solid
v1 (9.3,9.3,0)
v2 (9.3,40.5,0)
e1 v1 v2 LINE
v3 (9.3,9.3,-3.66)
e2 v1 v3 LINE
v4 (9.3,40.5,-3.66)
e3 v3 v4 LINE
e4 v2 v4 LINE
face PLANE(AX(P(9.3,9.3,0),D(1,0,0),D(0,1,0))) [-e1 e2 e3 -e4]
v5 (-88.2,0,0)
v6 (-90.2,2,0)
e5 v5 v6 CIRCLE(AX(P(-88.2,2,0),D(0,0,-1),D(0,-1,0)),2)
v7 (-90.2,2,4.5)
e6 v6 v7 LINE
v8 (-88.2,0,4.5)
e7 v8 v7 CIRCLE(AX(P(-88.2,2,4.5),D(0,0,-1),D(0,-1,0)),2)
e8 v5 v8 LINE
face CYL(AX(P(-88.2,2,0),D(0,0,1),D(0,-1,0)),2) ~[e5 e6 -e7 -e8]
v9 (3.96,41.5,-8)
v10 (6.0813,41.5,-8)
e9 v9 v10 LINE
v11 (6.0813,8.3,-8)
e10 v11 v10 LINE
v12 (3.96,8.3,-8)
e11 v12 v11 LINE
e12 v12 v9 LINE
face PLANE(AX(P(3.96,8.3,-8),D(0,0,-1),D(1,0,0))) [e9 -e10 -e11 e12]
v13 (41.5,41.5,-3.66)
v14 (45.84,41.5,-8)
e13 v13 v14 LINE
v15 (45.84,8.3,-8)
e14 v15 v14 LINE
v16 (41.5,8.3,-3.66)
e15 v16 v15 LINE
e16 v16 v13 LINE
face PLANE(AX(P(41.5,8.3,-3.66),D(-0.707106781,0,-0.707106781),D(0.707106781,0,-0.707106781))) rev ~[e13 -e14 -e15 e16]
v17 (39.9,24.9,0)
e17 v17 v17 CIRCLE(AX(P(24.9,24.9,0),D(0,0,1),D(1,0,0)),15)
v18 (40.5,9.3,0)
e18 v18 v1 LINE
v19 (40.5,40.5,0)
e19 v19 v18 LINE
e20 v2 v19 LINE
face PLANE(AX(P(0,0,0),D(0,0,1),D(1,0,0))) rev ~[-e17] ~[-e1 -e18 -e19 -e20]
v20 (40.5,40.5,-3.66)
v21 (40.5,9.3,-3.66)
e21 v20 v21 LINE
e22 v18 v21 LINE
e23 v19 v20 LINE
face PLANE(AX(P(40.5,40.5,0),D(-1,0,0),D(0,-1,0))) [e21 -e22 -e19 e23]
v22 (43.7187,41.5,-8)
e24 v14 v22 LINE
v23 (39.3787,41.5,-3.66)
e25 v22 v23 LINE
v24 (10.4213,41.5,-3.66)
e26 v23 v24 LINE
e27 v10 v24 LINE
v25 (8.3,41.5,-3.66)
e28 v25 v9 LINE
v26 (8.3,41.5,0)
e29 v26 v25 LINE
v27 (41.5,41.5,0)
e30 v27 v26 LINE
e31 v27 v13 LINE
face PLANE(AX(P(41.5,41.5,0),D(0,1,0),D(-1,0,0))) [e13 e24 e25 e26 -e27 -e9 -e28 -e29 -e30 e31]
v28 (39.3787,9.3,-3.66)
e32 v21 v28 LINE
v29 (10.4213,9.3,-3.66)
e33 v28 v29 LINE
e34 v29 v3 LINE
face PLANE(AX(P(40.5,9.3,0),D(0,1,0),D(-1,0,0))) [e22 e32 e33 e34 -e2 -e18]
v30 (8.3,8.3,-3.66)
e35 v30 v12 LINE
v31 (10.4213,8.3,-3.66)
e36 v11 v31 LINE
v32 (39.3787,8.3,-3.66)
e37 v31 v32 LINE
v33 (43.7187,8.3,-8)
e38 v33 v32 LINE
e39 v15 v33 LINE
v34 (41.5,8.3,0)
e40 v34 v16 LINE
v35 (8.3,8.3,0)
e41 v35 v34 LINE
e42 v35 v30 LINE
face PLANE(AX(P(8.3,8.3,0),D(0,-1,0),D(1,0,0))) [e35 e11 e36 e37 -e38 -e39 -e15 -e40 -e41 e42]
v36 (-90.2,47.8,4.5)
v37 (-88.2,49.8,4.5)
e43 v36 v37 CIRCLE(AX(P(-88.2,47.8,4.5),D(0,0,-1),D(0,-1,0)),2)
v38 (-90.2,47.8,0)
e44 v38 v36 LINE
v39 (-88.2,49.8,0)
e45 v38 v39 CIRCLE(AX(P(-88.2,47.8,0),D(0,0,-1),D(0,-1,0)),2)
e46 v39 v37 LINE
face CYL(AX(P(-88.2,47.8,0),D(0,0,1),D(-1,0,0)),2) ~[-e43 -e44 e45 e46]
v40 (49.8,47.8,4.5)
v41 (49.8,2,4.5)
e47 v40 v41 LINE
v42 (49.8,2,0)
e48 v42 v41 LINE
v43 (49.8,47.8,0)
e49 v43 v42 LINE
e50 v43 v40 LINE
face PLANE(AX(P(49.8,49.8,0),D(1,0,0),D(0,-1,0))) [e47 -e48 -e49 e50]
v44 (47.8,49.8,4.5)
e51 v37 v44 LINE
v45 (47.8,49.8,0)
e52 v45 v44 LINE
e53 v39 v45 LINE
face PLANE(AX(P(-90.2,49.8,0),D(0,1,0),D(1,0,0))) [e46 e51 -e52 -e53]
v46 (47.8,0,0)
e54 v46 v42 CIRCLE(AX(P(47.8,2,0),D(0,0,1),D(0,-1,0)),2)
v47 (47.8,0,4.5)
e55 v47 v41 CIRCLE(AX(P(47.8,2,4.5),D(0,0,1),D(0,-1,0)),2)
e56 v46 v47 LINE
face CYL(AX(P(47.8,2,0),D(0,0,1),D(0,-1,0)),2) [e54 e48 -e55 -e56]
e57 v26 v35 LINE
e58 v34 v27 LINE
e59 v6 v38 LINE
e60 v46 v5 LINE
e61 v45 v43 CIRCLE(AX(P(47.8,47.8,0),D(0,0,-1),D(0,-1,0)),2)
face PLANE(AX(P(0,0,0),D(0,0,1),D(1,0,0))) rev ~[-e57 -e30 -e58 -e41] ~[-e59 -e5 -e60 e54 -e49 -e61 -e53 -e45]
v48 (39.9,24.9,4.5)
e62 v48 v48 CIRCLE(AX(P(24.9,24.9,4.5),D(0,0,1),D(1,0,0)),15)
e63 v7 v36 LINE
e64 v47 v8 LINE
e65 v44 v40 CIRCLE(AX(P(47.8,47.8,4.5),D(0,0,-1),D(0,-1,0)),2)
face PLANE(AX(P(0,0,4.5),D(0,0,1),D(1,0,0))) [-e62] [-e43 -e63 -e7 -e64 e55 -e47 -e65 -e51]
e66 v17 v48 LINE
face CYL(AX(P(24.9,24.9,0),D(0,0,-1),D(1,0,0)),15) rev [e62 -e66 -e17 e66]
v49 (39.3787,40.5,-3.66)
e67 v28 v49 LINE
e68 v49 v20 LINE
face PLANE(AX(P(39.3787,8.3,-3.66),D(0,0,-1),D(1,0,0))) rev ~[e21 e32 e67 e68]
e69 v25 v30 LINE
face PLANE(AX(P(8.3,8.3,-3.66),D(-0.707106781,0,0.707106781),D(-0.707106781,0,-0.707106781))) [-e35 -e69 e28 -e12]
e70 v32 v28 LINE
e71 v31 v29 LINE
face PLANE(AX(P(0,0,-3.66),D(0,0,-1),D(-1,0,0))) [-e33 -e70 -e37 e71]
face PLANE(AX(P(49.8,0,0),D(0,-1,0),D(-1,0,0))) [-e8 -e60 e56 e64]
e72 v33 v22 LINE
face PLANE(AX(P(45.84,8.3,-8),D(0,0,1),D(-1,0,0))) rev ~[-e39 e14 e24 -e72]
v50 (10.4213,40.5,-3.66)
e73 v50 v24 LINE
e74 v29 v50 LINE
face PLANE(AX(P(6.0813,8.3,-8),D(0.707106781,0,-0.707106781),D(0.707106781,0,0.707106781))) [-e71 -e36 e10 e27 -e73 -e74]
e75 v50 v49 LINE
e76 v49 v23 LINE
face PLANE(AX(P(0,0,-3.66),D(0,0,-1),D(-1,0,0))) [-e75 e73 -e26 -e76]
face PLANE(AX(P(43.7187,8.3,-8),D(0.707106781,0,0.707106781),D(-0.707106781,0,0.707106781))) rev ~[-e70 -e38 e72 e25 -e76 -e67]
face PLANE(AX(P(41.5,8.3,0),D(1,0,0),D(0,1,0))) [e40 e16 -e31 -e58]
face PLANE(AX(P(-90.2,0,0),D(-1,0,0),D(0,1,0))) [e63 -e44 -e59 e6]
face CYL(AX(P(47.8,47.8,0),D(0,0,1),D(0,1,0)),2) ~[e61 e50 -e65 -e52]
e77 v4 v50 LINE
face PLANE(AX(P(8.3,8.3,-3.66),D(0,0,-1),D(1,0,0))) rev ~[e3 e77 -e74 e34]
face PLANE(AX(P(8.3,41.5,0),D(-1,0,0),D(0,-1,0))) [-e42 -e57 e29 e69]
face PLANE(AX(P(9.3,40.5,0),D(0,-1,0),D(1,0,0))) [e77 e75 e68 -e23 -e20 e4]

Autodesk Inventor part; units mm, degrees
ref_plane "YZ Plane" through (0, 0, 0) normal (1, 0, 0) x (0, 1, 0)
ref_plane "XZ Plane" through (0, 0, 0) normal (0, 1, 0) x (-1, 0, 0)
ref_plane "XY Plane" through (0, 0, 0) normal (0, 0, 1) x (1, 0, 0)
sketch "Sketch1" plane through (0, 0, 0) normal (0, 0, 1) x (1, 0, 0)
  circle A0 centre (44.9, 4.9) radius 1.45 construction
  circle A1 centre (4.9, 4.9) radius 1.45 construction
  line L0 (2, 2) -> (2, 41.8) construction
  line L1 (47.8, 2) -> (2, 2) construction
  line L2 (47.8, 41.8) -> (47.8, 2) construction
  line L3 (41.8, 41.8) -> (47.8, 41.8) construction
  line L4 (41.8, 8) -> (41.8, 41.8) construction
  line L5 (8, 8) -> (41.8, 8) construction
  line L6 (8, 8) -> (8, 41.8) construction
  line L7 (2, 41.8) -> (8, 41.8) construction
  circle A2 centre (44.9, 44.9) radius 1.4 construction
  circle A3 centre (4.9, 44.9) radius 1.4 construction
  line L8 (2, 47.8) -> (47.8, 47.8) construction
  line L9 (2, 41.8) -> (2, 47.8) construction
  line L10 (47.8, 41.8) -> (2, 41.8) construction
  line L11 (47.8, 41.8) -> (47.8, 47.8) construction
  circle A4 centre (25.6838, 25.4066) radius 13.6 construction
  line L12 (44.1319, 49.8) -> (5.6681, 49.8) construction
  arc A5 (49.8, 47.8) -> (47.8, 49.8) centre (47.8, 47.8) ccw construction
  line L13 (49.8, 41.8) -> (49.8, 47.8) construction
  arc A6 (2, 49.8) -> (0, 47.8) centre (2, 47.8) ccw construction
  arc A7 (0, 2) -> (2, 0) centre (2, 2) ccw construction
  arc A8 (47.8, 0) -> (49.8, 2) centre (47.8, 2) ccw construction
  line L14 (49.8, 0) -> (-90.2, 0)
  line L15 (-90.2, 0) -> (-90.2, 49.8)
  line L16 (-90.2, 49.8) -> (49.8, 49.8)
  line L17 (49.8, 49.8) -> (49.8, 0)
  line L18 (8, 3.7577) -> (41.8, 3.7577) construction
  line L19 (41.8, 0) -> (41.8, 3.7577) construction
  line L20 (8, 0) -> (41.8, 0) construction
  line L21 (8, 0) -> (8, 3.7577) construction
  line L22 (46.1838, 8) -> (46.1838, 41.8) construction
  line L23 (49.8, 41.8) -> (46.1838, 41.8) construction
  line L24 (49.8, 8) -> (49.8, 41.8) construction
  line L25 (46.1838, 8) -> (49.8, 8) construction
  line L26 (3.6162, 41.8) -> (3.6162, 8) construction
  line L27 (0, 8) -> (3.6162, 8) construction
  line L28 (0, 8) -> (0, 41.8) construction
  line L29 (3.6162, 41.8) -> (0, 41.8) construction
  circle A9 centre (24.9, 24.9) radius 15
  arc A10 (42.3945, 24.4616) -> (22.4616, 42.2293) centre (24.9, 24.9) ccw construction
  arc A11 (22.5619, 16.1033) -> (42.3945, 24.4616) centre (29.0002, 28.5351) ccw construction
  line L30 (22.5619, 16.1033) -> (22.3031, 15.1374) construction
  arc A12 (22.3031, 15.1374) -> (41.5232, 19.4302) centre (29.3361, 28.8218) ccw construction
  arc A13 (15.3425, 10.2404) -> (41.5232, 19.4302) centre (24.9, 24.9) ccw construction
  arc A14 (18.2047, 31.6263) -> (15.3425, 10.2404) centre (25.6173, 19.7498) ccw construction
  line L31 (18.2047, 31.6263) -> (17.4976, 32.3335) construction
  arc A15 (17.4976, 32.3335) -> (11.1478, 14.0775) centre (25.6302, 19.2725) ccw construction
  arc A16 (16.2809, 40.1303) -> (11.1478, 14.0775) centre (24.9, 24.9) ccw construction
  arc A17 (34.0602, 27.4798) -> (16.2809, 40.1303) centre (20.0844, 26.6568) ccw construction
  line L32 (34.0602, 27.4798) -> (35.0261, 27.7386) construction
  arc A18 (35.0261, 27.7386) -> (22.4616, 42.2293) centre (19.6533, 27.1018) ccw construction
  line L33 (3.6577, 41.7) -> (8.1, 46.1423) construction
  line L34 (0, 41.7) -> (3.6577, 41.7) construction
  line L35 (0, 8.1) -> (0, 41.7) construction
  line L36 (3.6577, 8.1) -> (0, 8.1) construction
  line L37 (8.1, 3.6577) -> (3.6577, 8.1) construction
  line L38 (8.1, 0) -> (8.1, 3.6577) construction
  line L39 (41.7, 0) -> (8.1, 0) construction
  line L40 (41.7, 3.6577) -> (41.7, 0) construction
  line L41 (46.1423, 8.1) -> (41.7, 3.6577) construction
  line L42 (49.8, 8.1) -> (46.1423, 8.1) construction
  line L43 (49.8, 41.7) -> (49.8, 8.1) construction
  line L44 (46.1423, 41.7) -> (49.8, 41.7) construction
  line L45 (41.7, 46.1423) -> (46.1423, 41.7) construction
  line L46 (41.7, 49.8) -> (41.7, 46.1423) construction
  line L47 (8.1, 49.8) -> (41.7, 49.8) construction
  line L48 (8.1, 46.1423) -> (8.1, 49.8) construction
  circle A19 centre (24.9, 24.9) radius 16.9 construction
  point P0 (0, 0)
  dimension "d0" = 30
  dimension "d4" = 140
extrude "Extrusion1" add sketch "Sketch1" along normal blind 4.5
fillet "Fillet1" radius 2 4 edges at (49.8, 49.8, 2.25) (-90.2, 49.8, 2.25) (49.8, 0, 2.25) (-90.2, 0, 2.25)
sketch "Sketch2" plane through (0, 0, 0) normal (0, 0, -1) x (-1, 0, 0)
  line L0 (-41.8, 8) -> (-41.8, 41.8) construction
  line L1 (-8, 8) -> (-41.8, 8) construction
  line L2 (-8, 8) -> (-8, 41.8) construction
  line L3 (-47.8, 41.8) -> (-2, 41.8) construction
  circle A0 centre (-24.9, 24.9) radius 15 construction
  arc A1 (88.2, 0) -> (90.2, 2) centre (88.2, 2) ccw construction
  line L4 (90.2, 2) -> (90.2, 47.8) construction
  arc A2 (90.2, 47.8) -> (88.2, 49.8) centre (88.2, 47.8) ccw construction
  line L5 (88.2, 49.8) -> (-47.8, 49.8) construction
  arc A3 (-47.8, 49.8) -> (-49.8, 47.8) centre (-47.8, 47.8) ccw construction
  line L6 (-49.8, 47.8) -> (-49.8, 2) construction
  arc A4 (-49.8, 2) -> (-47.8, 0) centre (-47.8, 2) ccw construction
  line L7 (-47.8, 0) -> (88.2, 0) construction
  line L8 (-41.5, 41.5) -> (-8.3, 41.5)
  line L9 (-8.3, 41.5) -> (-8.3, 8.3)
  line L10 (-8.3, 8.3) -> (-41.5, 8.3)
  line L11 (-41.5, 8.3) -> (-41.5, 41.5)
  line L12 (-9.3, 40.5) -> (-40.5, 40.5)
  line L13 (-40.5, 40.5) -> (-40.5, 9.3)
  line L14 (-40.5, 9.3) -> (-9.3, 9.3)
  line L15 (-9.3, 9.3) -> (-9.3, 40.5)
  point P0 (0, 0)
  dimension "d6" = 0.3
  dimension "d7" = 0.3
  dimension "d8" = 0.3
  dimension "d9" = 0.3
  dimension "d10" = 1
extrude "Extrusion2" add sketch "Sketch2" along normal blind 3.66
sketch "Sketch3" plane through (8.3, 8.3, 0) normal (0, -1, 0) x (1, 0, 0)
  line L0 (0, 0) -> (33.2, 0) construction
  line L1 (0, 0) -> (0, -3.66) construction
  line L2 (33.2, -3.66) -> (0, -3.66) construction
  line L3 (33.2, 0) -> (33.2, -3.66) construction
  line L4 (33.5, -3.7577) -> (33.5, -8) construction
  line L5 (-0.3, -8) -> (33.5, -8) construction
  line L6 (-0.3, -3.7577) -> (-0.3, -8) construction
  line L7 (33.5, -3.7577) -> (-0.3, -3.7577) construction
  line L8 (33.5, 0) -> (33.5, -3.6162) construction
  line L9 (-0.3, -3.6162) -> (-0.3, 0) construction
  line L10 (33.2, 0) -> (33.2, -3.66) construction
  line L11 (33.2, 0) -> (33.2, -3.66) construction
  line L12 (33.5, -8) -> (33.5, -3.7577) construction
  line L13 (33.5, -3.7577) -> (-0.3, -3.7577) construction
  line L14 (-0.3, -3.7577) -> (-0.3, -8) construction
  line L15 (-0.3, -8) -> (-4.6838, -8) construction
  line L16 (-2.886, -6.2022) -> (-4.6838, -8) construction
  arc A0 (-2.886, -6.2022) -> (-2.0978, -5.414) centre (-3.4, -4.9) ccw construction
  line L17 (-0.3, -3.6162) -> (-2.0978, -5.414) construction
  line L18 (-0.3, -3.6162) -> (-0.3, 0) construction
  line L19 (-0.3, 0) -> (33.5, 0) construction
  line L20 (33.5, 0) -> (33.5, -3.6162) construction
  line L21 (35.2978, -5.414) -> (33.5, -3.6162) construction
  arc A1 (35.2978, -5.414) -> (36.086, -6.2022) centre (36.6, -4.9) ccw construction
  line L22 (37.8838, -8) -> (36.086, -6.2022) construction
  line L23 (37.8838, -8) -> (33.5, -8) construction
  line L24 (0, -3.66) -> (33.2, -3.66) projected
  line L25 (0, -3.66) -> (-4.34, -8)
  line L26 (-4.34, -8) -> (-2.2187, -8)
  line L27 (-2.2187, -8) -> (2.1213, -3.66)
  line L28 (16.6, -3.7577) -> (16.6, -8) construction
  line L29 (2.1213, -3.66) -> (0, -3.66)
  line L30 (1, -3.66) -> (32.2, -3.66) projected
  line L31 (33.5, -3.7577) -> (33.5, -8) construction
  line L32 (33.5, -3.7577) -> (33.5, -8) construction
  line L33 (33.5, -8) -> (37.8838, -8) construction
  line L34 (36.086, -6.2022) -> (37.8838, -8) construction
  arc A2 (35.2978, -5.414) -> (36.086, -6.2022) centre (36.6, -4.9) ccw construction
  line L35 (33.5, -3.6162) -> (35.2978, -5.414) construction
  line L36 (33.2, -3.66) -> (37.54, -8)
  line L37 (37.54, -8) -> (35.4187, -8)
  line L38 (35.4187, -8) -> (31.0787, -3.66)
  line L39 (31.0787, -3.66) -> (33.2, -3.66)
  point P0 (-8.3, 0)
  point P1 (32.2, -3.66)
  dimension "d13" = 1.5
extrude "Extrusion3" add sketch "Sketch3" against normal up to surface (33.2 mm away)
equation "\"d7\" = d6"
equation "\"d8\" = d6"
equation "\"d9\" = d6"
properties part number "30_Smartphone_Holder_v3"
